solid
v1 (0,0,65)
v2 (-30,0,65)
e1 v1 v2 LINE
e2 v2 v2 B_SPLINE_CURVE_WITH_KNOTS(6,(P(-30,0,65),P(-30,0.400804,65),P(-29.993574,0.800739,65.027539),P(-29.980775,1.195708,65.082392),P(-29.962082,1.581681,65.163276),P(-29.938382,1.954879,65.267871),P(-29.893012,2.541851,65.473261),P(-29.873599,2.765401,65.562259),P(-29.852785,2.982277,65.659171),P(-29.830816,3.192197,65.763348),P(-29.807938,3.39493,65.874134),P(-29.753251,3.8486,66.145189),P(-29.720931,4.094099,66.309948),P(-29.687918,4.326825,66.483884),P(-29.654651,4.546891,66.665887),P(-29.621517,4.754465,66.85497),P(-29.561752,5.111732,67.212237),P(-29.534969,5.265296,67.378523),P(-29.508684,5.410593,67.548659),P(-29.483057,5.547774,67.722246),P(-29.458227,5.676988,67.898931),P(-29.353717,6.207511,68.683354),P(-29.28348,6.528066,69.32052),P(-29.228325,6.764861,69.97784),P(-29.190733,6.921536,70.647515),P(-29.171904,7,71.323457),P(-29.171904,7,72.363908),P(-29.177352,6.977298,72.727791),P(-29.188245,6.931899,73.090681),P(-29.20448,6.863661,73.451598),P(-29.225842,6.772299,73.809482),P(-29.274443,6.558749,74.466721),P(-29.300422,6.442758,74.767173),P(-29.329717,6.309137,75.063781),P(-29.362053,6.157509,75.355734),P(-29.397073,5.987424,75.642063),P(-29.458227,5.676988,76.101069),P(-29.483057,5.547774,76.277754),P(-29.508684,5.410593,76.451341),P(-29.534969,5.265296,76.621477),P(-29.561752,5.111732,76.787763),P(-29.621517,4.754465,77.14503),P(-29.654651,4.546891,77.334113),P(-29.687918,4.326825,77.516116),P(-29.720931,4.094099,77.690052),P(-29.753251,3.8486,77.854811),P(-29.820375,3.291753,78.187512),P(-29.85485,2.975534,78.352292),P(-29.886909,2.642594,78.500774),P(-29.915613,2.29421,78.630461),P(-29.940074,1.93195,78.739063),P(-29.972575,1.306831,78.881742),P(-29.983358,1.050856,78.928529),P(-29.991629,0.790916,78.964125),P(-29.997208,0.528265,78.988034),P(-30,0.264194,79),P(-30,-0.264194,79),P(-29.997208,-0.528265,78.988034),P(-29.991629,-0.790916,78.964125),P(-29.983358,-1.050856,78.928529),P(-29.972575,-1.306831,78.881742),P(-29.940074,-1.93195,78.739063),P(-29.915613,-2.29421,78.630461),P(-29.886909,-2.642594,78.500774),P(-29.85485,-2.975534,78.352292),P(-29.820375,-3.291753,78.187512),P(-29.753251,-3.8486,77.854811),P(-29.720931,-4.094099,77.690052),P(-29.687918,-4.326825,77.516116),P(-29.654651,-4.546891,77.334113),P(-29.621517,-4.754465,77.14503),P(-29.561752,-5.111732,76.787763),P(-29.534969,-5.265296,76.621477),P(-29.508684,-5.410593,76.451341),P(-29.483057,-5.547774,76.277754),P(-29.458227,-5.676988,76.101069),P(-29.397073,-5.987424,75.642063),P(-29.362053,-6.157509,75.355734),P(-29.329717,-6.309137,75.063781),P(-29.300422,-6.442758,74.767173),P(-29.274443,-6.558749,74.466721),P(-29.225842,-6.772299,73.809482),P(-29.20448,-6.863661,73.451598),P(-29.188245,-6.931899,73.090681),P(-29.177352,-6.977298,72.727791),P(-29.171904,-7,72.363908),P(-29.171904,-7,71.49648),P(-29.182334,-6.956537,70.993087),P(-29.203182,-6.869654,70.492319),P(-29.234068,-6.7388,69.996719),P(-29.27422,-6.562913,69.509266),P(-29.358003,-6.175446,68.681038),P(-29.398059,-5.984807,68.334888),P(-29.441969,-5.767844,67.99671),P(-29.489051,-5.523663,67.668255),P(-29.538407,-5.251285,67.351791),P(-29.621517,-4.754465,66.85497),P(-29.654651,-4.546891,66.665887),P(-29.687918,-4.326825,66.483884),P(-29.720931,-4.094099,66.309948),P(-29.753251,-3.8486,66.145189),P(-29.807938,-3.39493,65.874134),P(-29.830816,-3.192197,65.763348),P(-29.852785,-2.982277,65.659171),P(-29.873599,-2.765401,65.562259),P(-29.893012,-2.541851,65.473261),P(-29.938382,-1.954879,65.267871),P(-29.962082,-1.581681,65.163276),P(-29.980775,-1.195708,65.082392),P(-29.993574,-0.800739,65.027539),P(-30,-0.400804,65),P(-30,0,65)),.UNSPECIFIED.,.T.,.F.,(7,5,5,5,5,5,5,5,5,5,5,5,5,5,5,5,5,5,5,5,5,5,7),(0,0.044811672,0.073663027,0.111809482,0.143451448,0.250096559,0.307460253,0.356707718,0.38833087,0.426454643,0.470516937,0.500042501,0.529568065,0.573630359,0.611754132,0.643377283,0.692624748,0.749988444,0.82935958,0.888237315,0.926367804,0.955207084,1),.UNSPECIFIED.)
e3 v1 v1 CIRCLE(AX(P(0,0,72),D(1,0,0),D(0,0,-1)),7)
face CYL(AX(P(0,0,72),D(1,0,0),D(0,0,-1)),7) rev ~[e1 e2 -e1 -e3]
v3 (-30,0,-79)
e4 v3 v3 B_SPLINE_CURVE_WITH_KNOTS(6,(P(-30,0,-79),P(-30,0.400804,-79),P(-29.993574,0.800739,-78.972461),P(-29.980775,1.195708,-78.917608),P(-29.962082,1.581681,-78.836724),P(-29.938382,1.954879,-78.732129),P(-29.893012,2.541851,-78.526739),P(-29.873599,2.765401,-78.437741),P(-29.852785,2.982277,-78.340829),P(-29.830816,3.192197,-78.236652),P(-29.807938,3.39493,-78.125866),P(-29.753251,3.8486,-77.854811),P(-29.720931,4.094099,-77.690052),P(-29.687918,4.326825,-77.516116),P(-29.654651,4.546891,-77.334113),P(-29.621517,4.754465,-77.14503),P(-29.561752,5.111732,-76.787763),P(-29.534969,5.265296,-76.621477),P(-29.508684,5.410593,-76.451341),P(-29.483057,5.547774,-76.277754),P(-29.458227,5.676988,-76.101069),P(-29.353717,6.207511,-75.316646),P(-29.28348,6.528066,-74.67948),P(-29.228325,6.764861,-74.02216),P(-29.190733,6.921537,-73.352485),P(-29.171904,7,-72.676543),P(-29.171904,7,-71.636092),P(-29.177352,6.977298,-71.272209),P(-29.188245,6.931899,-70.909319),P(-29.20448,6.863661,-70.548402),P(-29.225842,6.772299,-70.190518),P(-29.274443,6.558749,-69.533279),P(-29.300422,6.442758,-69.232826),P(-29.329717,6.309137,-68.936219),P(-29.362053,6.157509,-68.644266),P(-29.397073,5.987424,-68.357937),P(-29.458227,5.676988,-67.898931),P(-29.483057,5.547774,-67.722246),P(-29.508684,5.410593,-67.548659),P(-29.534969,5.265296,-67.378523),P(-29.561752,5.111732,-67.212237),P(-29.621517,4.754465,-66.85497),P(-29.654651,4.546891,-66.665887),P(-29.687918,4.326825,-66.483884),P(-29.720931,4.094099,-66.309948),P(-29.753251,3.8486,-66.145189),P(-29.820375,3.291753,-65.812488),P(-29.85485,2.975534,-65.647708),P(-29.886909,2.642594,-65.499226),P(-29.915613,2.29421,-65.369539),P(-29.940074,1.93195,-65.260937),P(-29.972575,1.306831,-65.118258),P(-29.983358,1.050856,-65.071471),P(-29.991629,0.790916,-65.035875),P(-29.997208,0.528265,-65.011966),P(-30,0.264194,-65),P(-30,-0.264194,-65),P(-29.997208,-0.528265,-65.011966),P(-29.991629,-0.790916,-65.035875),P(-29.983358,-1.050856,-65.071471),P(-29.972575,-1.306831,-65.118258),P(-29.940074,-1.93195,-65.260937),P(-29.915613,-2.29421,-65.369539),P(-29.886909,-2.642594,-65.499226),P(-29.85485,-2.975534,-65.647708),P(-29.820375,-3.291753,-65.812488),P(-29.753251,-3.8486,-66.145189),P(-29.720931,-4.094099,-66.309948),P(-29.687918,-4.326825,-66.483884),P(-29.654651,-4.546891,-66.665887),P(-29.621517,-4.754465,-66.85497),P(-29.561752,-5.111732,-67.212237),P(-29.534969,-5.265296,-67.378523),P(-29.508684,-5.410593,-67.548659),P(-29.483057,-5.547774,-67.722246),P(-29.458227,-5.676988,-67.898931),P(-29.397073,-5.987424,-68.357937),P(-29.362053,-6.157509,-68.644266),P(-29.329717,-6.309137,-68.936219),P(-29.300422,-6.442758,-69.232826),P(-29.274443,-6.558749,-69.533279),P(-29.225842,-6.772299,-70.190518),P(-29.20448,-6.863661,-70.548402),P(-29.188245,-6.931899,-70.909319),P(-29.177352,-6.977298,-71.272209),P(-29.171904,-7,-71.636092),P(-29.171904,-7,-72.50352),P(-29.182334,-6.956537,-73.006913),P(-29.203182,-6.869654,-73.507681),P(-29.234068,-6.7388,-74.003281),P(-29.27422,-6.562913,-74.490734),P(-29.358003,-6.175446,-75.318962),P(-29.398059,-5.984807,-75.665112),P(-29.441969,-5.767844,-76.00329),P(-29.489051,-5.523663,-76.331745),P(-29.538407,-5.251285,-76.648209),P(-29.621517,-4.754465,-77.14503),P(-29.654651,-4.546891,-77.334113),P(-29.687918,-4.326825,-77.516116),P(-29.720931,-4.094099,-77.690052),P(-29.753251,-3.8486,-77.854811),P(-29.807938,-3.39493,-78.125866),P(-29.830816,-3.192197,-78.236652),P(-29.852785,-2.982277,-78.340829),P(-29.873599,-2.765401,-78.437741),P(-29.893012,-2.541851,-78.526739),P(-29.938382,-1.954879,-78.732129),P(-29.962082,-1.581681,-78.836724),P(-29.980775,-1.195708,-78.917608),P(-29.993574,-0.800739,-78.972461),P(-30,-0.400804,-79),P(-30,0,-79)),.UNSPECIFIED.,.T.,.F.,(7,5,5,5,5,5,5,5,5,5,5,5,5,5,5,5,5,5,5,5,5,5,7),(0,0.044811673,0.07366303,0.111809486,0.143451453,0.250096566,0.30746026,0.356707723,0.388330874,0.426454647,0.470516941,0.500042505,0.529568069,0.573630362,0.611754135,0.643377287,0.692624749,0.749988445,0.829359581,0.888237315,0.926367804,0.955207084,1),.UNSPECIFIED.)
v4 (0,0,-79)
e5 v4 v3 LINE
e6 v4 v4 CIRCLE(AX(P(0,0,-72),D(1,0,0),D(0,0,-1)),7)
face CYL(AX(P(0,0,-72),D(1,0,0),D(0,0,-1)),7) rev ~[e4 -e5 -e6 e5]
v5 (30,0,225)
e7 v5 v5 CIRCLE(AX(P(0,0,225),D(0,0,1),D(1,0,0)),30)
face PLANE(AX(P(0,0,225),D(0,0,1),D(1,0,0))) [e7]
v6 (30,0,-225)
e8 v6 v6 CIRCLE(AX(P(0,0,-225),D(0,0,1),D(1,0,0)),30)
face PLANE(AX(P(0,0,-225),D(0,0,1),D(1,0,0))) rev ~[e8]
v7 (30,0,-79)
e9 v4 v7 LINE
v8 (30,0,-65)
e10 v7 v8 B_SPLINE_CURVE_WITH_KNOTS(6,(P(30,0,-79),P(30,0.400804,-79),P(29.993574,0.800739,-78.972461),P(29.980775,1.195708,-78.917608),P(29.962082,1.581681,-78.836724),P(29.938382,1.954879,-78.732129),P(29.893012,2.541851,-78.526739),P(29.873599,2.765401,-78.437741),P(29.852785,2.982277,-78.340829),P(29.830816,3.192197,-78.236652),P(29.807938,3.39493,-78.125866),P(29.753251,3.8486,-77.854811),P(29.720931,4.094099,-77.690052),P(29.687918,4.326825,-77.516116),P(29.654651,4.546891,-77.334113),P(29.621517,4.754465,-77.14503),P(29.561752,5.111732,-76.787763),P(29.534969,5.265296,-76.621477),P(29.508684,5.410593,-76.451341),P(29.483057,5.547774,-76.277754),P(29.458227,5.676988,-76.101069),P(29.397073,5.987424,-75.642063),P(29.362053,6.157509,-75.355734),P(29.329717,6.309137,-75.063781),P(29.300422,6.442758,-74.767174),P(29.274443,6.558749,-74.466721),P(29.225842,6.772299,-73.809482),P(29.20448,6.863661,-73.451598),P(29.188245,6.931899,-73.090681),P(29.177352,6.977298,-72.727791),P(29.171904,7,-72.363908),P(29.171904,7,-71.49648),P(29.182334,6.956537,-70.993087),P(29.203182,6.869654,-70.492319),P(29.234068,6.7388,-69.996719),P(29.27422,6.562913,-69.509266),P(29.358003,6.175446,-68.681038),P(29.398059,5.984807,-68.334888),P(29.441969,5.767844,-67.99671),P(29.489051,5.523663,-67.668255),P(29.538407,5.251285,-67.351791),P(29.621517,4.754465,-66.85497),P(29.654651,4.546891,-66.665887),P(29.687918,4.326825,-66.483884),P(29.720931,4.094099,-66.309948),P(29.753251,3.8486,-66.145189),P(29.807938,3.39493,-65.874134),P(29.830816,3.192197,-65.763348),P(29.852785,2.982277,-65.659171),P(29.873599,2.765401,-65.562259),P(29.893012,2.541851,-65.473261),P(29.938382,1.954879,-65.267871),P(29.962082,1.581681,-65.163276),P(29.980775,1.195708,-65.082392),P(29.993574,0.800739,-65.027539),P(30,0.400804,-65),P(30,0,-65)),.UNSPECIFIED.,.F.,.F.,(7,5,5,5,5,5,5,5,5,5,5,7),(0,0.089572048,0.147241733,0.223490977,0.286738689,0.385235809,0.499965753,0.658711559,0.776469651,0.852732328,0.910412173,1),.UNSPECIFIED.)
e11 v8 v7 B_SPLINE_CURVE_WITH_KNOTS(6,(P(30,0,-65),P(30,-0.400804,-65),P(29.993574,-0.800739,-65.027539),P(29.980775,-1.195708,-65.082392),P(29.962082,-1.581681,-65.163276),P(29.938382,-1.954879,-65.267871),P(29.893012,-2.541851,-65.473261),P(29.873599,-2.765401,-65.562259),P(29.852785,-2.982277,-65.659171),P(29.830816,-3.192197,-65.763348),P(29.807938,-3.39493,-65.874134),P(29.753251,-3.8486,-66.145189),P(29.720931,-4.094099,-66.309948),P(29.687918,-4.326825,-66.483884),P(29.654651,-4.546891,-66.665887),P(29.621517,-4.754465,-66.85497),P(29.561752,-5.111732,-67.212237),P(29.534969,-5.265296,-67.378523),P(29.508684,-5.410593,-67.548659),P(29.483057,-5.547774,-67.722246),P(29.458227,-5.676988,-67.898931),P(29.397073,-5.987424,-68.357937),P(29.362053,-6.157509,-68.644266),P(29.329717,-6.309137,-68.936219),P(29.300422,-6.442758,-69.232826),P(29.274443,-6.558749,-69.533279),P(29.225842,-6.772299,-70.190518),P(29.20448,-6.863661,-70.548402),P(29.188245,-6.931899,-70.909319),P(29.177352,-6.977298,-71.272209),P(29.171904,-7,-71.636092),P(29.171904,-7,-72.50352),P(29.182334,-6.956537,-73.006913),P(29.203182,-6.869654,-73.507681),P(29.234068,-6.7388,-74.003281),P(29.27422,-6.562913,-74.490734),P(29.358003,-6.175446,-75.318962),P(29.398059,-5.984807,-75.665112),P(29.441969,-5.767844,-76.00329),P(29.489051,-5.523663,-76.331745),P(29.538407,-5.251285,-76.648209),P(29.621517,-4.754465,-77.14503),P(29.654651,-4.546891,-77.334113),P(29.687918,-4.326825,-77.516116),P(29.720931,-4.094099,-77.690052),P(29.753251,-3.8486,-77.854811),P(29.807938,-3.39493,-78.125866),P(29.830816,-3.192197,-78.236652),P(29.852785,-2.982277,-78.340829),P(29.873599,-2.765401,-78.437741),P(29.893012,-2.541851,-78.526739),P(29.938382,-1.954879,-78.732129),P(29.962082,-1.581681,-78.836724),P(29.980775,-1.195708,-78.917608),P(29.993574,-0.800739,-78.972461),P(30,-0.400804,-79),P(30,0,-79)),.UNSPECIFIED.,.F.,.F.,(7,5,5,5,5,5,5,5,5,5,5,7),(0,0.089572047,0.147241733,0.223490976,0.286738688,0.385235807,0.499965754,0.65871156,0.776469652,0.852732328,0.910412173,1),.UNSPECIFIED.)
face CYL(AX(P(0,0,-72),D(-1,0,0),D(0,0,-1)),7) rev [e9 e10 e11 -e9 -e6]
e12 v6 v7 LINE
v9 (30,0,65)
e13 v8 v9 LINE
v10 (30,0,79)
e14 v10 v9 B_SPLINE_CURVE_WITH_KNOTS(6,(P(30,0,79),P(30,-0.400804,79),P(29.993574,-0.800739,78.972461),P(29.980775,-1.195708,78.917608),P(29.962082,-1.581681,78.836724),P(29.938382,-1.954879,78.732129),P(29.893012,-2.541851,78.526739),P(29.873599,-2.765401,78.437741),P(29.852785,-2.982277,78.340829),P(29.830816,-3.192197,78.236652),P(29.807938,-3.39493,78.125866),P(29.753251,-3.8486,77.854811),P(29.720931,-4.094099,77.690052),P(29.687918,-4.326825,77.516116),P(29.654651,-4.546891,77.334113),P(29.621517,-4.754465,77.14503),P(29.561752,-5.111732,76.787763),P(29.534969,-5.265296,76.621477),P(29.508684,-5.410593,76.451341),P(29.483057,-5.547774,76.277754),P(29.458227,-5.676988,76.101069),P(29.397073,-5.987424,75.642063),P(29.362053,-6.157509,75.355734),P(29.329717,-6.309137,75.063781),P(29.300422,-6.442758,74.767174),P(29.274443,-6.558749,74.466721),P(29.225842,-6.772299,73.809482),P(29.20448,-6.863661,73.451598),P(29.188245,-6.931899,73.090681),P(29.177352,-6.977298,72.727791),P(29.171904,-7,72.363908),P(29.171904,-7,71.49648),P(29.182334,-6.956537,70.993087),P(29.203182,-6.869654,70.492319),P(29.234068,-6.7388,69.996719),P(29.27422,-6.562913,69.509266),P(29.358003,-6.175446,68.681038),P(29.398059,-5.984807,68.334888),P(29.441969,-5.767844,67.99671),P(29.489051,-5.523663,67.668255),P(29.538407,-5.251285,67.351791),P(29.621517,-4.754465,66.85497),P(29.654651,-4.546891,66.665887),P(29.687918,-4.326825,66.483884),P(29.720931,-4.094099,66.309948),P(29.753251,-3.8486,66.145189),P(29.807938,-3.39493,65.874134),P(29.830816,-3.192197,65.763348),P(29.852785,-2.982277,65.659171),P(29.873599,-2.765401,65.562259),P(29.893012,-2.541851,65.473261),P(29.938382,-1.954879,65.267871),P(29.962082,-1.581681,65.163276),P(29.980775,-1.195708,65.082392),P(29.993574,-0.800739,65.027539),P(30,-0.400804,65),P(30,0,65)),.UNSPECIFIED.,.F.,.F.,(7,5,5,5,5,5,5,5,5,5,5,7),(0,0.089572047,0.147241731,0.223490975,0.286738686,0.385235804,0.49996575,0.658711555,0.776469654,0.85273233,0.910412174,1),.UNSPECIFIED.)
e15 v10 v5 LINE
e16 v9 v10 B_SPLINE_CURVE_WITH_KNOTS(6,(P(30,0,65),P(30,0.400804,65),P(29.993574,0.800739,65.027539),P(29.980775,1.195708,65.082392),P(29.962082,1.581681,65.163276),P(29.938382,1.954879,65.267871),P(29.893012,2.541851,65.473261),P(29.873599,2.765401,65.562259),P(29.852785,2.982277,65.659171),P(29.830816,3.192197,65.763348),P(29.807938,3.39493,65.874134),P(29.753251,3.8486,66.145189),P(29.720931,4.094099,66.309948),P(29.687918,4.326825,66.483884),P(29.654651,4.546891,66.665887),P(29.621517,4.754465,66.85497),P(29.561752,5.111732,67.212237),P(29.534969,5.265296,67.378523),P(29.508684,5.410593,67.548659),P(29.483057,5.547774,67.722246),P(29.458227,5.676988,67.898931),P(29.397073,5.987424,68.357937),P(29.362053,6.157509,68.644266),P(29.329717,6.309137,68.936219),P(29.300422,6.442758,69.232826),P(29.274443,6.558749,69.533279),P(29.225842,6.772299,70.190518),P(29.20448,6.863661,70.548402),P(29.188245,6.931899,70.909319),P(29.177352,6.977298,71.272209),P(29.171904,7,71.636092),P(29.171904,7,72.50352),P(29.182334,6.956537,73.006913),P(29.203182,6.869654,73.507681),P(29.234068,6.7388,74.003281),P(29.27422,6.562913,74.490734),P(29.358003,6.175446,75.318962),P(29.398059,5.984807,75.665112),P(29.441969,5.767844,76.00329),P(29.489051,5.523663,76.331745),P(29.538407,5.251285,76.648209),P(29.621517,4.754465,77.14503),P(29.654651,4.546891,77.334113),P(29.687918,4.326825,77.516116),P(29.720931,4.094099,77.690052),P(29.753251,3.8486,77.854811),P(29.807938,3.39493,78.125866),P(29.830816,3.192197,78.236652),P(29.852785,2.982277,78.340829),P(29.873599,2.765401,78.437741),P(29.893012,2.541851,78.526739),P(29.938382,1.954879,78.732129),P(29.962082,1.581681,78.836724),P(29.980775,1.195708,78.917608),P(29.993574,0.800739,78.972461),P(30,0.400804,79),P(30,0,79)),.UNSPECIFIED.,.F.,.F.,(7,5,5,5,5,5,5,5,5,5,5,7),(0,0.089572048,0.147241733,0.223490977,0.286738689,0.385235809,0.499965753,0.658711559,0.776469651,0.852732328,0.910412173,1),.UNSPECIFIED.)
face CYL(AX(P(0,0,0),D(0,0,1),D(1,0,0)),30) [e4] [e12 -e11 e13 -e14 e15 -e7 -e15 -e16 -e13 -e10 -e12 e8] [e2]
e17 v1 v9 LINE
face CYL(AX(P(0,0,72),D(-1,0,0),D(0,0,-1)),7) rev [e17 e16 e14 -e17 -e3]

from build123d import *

# Parameters (mm, degrees)
SKETCH1_R               = 30
BOSS_EXTRUDE1_DEPTH     = 225
SKETCH2_R               = 7
CUT_EXTRUDE1_DEPTH      = 31
CUT_EXTRUDE1_DEPTH_BACK = 31


with BuildPart() as part:
    # Sketch1 → Boss-Extrude1 (new body, symmetric)
    with BuildSketch(Plane.XY):
        Circle(SKETCH1_R)
    extrude(amount=BOSS_EXTRUDE1_DEPTH, both=True)

    # Sketch2 → Cut-Extrude1 (cut, two sides)
    with BuildSketch(Plane(origin=(0, 0, 0), x_dir=(0, 0, -1), z_dir=(1, 0, 0))) as cut_extrude1_sk:
        with Locations((72, 0)):
            Circle(SKETCH2_R)
        with Locations((-72, 0)):
            Circle(SKETCH2_R)
    extrude(amount=CUT_EXTRUDE1_DEPTH, mode=Mode.SUBTRACT)
    extrude(cut_extrude1_sk.sketch, amount=-CUT_EXTRUDE1_DEPTH_BACK, mode=Mode.SUBTRACT)


solid = part.part
